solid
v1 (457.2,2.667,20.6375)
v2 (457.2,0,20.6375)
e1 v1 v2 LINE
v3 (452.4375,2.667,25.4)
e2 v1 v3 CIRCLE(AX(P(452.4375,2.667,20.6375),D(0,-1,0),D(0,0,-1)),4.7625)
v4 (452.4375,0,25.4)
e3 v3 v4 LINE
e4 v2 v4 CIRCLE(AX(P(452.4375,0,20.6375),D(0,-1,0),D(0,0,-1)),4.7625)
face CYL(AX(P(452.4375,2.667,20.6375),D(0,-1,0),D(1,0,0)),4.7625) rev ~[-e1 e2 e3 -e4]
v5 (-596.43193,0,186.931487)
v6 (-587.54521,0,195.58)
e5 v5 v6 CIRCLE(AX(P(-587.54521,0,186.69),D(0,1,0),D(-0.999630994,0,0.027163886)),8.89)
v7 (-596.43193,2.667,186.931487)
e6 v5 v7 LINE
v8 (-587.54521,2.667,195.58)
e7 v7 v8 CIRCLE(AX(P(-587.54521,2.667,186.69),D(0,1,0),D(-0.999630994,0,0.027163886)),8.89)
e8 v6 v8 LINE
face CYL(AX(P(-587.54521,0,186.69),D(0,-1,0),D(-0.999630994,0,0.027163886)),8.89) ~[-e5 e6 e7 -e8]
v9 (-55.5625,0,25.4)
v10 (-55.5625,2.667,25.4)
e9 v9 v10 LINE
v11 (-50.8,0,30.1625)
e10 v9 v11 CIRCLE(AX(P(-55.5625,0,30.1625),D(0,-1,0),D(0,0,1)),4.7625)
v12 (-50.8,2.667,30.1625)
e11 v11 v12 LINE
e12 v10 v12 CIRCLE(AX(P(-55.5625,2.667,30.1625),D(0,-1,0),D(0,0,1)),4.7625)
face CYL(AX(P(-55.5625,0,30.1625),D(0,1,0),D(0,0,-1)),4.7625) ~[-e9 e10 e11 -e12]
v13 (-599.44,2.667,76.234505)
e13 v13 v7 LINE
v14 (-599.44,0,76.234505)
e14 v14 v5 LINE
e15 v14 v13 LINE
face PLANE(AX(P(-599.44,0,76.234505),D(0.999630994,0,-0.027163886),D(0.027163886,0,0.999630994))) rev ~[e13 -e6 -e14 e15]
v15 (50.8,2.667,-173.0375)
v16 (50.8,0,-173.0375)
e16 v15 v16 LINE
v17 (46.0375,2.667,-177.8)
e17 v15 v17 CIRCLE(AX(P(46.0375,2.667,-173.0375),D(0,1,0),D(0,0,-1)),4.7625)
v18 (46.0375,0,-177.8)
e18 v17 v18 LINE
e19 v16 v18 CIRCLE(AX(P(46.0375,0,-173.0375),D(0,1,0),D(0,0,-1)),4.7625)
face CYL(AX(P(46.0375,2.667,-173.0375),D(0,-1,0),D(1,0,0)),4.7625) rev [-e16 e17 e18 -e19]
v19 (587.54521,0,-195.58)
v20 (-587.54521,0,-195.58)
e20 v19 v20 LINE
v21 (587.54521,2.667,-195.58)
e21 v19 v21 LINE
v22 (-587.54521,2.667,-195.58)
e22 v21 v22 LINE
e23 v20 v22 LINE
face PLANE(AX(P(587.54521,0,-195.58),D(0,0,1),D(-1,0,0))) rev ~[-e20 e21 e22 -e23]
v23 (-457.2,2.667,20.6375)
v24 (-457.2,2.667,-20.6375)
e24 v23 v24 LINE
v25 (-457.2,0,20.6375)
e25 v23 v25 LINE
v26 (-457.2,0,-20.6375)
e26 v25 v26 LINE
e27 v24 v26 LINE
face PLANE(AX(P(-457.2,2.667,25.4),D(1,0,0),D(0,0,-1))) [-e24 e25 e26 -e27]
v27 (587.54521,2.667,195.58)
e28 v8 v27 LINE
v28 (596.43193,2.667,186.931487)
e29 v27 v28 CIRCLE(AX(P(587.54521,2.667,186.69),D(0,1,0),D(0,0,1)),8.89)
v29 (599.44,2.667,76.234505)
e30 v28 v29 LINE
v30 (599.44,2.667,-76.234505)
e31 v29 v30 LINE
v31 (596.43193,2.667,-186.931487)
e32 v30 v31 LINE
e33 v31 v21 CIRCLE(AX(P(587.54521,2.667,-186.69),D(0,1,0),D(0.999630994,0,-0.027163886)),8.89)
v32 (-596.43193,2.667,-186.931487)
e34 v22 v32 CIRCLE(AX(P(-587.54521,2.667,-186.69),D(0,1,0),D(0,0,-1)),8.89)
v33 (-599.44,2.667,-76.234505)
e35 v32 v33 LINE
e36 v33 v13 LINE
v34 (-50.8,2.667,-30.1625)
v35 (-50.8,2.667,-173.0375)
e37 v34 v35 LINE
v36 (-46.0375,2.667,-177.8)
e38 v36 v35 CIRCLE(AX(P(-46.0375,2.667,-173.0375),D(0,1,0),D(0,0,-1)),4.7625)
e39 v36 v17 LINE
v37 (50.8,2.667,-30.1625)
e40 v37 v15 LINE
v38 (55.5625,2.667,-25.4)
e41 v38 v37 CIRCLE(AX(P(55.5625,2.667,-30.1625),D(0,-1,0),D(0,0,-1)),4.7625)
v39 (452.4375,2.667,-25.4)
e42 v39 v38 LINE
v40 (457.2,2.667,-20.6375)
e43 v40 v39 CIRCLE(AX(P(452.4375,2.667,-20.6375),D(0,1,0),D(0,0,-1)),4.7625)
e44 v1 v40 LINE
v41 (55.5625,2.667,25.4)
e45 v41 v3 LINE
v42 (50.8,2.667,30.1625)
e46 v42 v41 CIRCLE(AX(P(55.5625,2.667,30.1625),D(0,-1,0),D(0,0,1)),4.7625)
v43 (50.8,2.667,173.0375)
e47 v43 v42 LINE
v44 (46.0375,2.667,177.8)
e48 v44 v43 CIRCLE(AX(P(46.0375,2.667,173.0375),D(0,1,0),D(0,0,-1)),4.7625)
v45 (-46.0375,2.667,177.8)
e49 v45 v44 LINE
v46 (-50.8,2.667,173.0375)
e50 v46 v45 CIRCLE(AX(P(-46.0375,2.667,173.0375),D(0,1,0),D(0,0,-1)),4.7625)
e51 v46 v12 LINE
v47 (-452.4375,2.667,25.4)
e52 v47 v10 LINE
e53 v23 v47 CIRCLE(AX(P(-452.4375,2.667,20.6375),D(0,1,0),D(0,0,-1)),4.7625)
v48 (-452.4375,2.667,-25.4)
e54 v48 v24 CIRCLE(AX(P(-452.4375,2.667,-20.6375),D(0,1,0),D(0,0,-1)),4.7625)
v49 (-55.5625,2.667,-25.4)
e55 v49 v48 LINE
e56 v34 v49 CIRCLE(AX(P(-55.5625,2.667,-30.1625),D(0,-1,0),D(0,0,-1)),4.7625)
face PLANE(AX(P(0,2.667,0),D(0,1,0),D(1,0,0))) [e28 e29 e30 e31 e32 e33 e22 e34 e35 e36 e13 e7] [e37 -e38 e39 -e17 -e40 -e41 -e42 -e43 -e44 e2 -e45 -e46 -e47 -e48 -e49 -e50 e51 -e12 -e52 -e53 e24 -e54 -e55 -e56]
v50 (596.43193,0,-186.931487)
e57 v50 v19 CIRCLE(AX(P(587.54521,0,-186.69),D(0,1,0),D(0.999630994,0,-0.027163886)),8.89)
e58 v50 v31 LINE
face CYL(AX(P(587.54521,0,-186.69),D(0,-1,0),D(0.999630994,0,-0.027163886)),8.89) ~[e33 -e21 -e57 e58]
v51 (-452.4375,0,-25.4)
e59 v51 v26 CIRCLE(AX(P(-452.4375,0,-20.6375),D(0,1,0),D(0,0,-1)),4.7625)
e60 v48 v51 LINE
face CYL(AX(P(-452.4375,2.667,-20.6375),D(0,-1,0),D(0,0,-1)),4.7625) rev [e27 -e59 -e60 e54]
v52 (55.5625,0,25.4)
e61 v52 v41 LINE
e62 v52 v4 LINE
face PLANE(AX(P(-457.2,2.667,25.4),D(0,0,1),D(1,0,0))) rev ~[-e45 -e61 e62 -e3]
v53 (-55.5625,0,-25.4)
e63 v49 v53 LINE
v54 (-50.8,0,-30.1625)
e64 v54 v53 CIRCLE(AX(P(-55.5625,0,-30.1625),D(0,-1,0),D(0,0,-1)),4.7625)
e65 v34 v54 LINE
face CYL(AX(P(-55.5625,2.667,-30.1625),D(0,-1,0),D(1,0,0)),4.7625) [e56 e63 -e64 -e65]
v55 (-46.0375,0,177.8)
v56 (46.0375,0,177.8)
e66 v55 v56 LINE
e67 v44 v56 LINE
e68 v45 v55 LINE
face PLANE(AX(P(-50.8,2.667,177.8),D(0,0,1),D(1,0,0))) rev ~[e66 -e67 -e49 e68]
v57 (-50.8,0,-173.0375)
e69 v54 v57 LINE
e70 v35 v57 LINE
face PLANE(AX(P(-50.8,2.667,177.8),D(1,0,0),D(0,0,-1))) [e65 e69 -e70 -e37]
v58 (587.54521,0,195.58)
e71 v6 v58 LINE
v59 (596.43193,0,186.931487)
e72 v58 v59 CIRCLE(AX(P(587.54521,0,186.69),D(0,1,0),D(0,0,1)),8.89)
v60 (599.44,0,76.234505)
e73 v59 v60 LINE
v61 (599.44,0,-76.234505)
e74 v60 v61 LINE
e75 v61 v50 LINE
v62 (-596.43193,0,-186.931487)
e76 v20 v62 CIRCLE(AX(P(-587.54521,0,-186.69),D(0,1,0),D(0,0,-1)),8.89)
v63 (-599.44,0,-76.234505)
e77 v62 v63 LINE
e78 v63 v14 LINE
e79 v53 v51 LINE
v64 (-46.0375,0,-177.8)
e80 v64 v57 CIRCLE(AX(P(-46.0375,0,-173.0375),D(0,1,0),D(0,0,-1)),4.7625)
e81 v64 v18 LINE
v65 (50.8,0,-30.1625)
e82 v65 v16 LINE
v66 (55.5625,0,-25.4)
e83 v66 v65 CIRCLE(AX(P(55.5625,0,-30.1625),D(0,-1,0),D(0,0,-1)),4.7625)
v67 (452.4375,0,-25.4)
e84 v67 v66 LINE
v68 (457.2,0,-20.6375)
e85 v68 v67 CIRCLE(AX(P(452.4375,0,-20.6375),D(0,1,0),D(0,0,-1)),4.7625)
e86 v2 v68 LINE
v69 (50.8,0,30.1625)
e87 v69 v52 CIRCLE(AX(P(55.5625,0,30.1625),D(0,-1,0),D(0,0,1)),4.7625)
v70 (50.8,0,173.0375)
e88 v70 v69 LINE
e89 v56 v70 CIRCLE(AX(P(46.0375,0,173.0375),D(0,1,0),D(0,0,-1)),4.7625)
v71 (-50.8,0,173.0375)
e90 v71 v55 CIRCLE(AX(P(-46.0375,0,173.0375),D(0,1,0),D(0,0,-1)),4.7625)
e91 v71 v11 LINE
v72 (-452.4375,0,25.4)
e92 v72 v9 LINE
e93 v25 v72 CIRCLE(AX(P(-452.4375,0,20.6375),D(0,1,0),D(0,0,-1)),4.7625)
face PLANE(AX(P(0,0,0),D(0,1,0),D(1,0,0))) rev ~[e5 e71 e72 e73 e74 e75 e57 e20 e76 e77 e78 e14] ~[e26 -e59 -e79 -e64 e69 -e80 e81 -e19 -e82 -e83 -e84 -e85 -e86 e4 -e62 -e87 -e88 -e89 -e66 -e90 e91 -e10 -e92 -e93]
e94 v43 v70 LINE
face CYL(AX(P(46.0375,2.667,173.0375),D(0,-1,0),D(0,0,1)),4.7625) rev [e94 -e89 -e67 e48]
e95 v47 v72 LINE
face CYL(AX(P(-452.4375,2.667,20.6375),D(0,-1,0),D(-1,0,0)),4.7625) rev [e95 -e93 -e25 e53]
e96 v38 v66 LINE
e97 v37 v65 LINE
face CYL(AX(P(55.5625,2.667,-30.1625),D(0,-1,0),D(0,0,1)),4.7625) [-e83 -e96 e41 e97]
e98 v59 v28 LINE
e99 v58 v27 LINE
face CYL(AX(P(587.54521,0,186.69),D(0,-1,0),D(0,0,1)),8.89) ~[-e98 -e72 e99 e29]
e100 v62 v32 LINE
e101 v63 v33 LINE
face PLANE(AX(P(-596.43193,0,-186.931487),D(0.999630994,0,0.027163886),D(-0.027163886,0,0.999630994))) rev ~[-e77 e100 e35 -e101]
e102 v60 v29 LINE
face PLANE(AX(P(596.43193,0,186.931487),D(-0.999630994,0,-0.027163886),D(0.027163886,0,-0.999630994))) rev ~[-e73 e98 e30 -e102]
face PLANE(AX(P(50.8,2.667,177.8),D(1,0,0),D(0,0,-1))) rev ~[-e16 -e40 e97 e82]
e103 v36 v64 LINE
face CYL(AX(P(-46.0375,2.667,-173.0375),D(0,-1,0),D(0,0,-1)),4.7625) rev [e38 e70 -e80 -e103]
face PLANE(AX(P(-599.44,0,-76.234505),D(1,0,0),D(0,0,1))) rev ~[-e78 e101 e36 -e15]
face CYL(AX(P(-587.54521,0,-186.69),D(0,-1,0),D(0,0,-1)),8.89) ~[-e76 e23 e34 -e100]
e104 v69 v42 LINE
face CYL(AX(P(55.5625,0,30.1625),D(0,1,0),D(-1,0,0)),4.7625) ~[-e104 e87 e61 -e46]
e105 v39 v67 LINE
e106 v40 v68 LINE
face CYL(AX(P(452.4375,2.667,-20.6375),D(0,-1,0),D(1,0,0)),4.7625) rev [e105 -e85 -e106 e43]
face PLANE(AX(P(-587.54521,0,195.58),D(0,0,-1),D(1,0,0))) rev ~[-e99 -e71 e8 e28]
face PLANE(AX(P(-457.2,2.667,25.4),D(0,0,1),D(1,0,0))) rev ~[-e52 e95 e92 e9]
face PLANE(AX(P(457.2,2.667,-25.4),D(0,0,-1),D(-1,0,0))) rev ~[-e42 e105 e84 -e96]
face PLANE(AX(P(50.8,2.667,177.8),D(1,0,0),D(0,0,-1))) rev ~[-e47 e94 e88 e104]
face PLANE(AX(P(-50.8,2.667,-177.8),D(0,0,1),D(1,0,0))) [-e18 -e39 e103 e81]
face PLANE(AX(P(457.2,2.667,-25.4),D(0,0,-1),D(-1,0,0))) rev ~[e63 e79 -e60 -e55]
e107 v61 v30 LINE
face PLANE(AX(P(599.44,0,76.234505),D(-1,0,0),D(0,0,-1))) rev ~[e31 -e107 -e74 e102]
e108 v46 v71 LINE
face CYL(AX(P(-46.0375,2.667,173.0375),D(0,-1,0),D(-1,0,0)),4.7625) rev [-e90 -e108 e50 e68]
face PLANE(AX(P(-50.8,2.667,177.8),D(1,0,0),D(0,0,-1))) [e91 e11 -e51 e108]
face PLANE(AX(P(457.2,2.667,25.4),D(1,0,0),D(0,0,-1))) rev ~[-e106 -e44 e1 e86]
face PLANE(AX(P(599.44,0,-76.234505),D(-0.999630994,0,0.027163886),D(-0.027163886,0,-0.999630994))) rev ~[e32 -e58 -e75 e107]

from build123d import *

# Parameters (mm, degrees)
SKETCH1_W           = 1193.8
SKETCH1_H           = 386.08
BOSS_EXTRUDE1_DEPTH = 2.667
SKETCH2_W           = 457.2
SKETCH2_H           = 50.8
CUT_EXTRUDE1_DEPTH  = 628.344534119
SKETCH3_W           = 101.6
SKETCH3_H           = 355.6
CUT_EXTRUDE2_DEPTH  = 628.344534119
FILLET1_R           = 4.7625
CUT_EXTRUDE3_DEPTH  = 628.344534119
BOSS_EXTRUDE2_START = -2.667
BOSS_EXTRUDE2_DEPTH = 2.667


with BuildPart() as part:
    # Sketch1 → Boss-Extrude1 (new body)
    with BuildSketch(Plane(origin=(0, 0, 0), x_dir=(1, 0, 0), z_dir=(0, 1, 0))):
        Rectangle(SKETCH1_W, SKETCH1_H)
    extrude(amount=BOSS_EXTRUDE1_DEPTH)

    # Sketch2 → Cut-Extrude1 (cut, through all)
    with BuildSketch(Plane(origin=(0, 2.667, 0), x_dir=(1, 0, 0), z_dir=(0, 1, 0))):
        with Locations((228.6, 0)):
            Rectangle(SKETCH2_W, SKETCH2_H)
        with Locations((-228.6, 0)):
            Rectangle(SKETCH2_W, SKETCH2_H)
    extrude(amount=-CUT_EXTRUDE1_DEPTH, mode=Mode.SUBTRACT)

    # Sketch3 → Cut-Extrude2 (cut, through all)
    with BuildSketch(Plane(origin=(0, 2.667, 0), x_dir=(1, 0, 0), z_dir=(0, 1, 0))):
        Rectangle(SKETCH3_W, SKETCH3_H)
    extrude(amount=-CUT_EXTRUDE2_DEPTH, mode=Mode.SUBTRACT)

    # Fillet1
    fillet1_edges = [part.edges().sort_by_distance(p)[0] for p in [
        (457.2, 1.3335, -25.4),
        (457.2, 1.3335, 25.4),
        (-457.2, 1.3335, 25.4),
        (-457.2, 1.3335, -25.4),
        (-50.8, 1.3335, -25.4),
        (50.8, 1.3335, -25.4),
        (50.8, 1.3335, 25.4),
        (-50.8, 1.3335, 25.4),
        (-50.8, 1.3335, 177.8),
        (50.8, 1.3335, -177.8),
        (50.8, 1.3335, 177.8),
        (-50.8, 1.3335, -177.8),
    ]]
    fillet(fillet1_edges, radius=FILLET1_R)

    # Sketch4 → Cut-Extrude3 (cut, through all)
    with BuildSketch(Plane.XZ):
        with BuildLine():
            Line((-593.892867101, -186.862490674), (-596.9, -76.2))
            Line((-596.9, -76.2), (-596.9, -193.04))
            Line((-596.9, -193.04), (-587.545210292, -193.04))
            ThreePointArc((-587.545210292, -193.04), (-591.973933823, -191.240704109), (-593.892867101, -186.862490674))
        make_face()
        with BuildLine():
            Line((-596.9, 76.2), (-593.892867101, 186.862490674))
            ThreePointArc((-593.892867101, 186.862490674), (-591.973933823, 191.240704109), (-587.545210292, 193.04))
            Line((-587.545210292, 193.04), (-596.9, 193.04))
            Line((-596.9, 193.04), (-596.9, 76.2))
        make_face()
        with BuildLine():
            Line((596.9, 193.04), (587.545210292, 193.04))
            ThreePointArc((587.545210292, 193.04), (591.973933823, 191.240704109), (593.892867101, 186.862490674))
            Line((593.892867101, 186.862490674), (596.9, 76.2))
            Line((596.9, 76.2), (596.9, 193.04))
        make_face()
        with BuildLine():
            ThreePointArc((593.892867101, -186.862490674), (591.973933823, -191.240704109), (587.545210292, -193.04))
            Line((587.545210292, -193.04), (596.9, -193.04))
            Line((596.9, -193.04), (596.9, -76.2))
            Line((596.9, -76.2), (593.892867101, -186.862490674))
        make_face()
    extrude(amount=-CUT_EXTRUDE3_DEPTH, mode=Mode.SUBTRACT)

    # Sketch5 → Boss-Extrude2 (add)
    with BuildSketch(Plane(origin=(0, 2.667, 0), x_dir=(1, 0, 0), z_dir=(0, 1, 0)).offset(BOSS_EXTRUDE2_START)):
        with BuildLine():
            Line((587.545210292, 195.58), (-587.545210292, 195.58))
            ThreePointArc((-587.545210292, 195.58), (-593.745423235, 193.060985753), (-596.431929825, 186.931486944))
            Line((-596.431929825, 186.931486944), (-599.44, 76.234504501))
            Line((-599.44, 76.234504501), (-599.44, -76.234504501))
            Line((-599.44, -76.234504501), (-596.431929825, -186.931486944))
            ThreePointArc((-596.431929825, -186.931486944), (-593.745423235, -193.060985753), (-587.545210292, -195.58))
            Line((-587.545210292, -195.58), (587.545210292, -195.58))
            ThreePointArc((587.545210292, -195.58), (593.745423235, -193.060985753), (596.431929825, -186.931486944))
            Line((596.431929825, -186.931486944), (599.44, -76.234504501))
            Line((599.44, -76.234504501), (599.44, 76.234504501))
            Line((599.44, 76.234504501), (596.431929825, 186.931486944))
            ThreePointArc((596.431929825, 186.931486944), (593.745423235, 193.060985753), (587.545210292, 195.58))
        make_face()
        with BuildLine():
            Line((596.9, 76.2), (593.892867101, 186.862490674))
            ThreePointArc((593.892867101, 186.862490674), (591.973933823, 191.240704109), (587.545210292, 193.04))
            Line((587.545210292, 193.04), (-587.545210292, 193.04))
            ThreePointArc((-587.545210292, 193.04), (-591.973933823, 191.240704109), (-593.892867101, 186.862490674))
            Line((-593.892867101, 186.862490674), (-596.9, 76.2))
            Line((-596.9, 76.2), (-596.9, -76.2))
            Line((-596.9, -76.2), (-593.892867101, -186.862490674))
            ThreePointArc((-593.892867101, -186.862490674), (-591.973933823, -191.240704109), (-587.545210292, -193.04))
            Line((-587.545210292, -193.04), (587.545210292, -193.04))
            ThreePointArc((587.545210292, -193.04), (591.973933823, -191.240704109), (593.892867101, -186.862490674))
            Line((593.892867101, -186.862490674), (596.9, -76.2))
            Line((596.9, -76.2), (596.9, 76.2))
        make_face(mode=Mode.SUBTRACT)
    extrude(amount=BOSS_EXTRUDE2_DEPTH)


solid = part.part
